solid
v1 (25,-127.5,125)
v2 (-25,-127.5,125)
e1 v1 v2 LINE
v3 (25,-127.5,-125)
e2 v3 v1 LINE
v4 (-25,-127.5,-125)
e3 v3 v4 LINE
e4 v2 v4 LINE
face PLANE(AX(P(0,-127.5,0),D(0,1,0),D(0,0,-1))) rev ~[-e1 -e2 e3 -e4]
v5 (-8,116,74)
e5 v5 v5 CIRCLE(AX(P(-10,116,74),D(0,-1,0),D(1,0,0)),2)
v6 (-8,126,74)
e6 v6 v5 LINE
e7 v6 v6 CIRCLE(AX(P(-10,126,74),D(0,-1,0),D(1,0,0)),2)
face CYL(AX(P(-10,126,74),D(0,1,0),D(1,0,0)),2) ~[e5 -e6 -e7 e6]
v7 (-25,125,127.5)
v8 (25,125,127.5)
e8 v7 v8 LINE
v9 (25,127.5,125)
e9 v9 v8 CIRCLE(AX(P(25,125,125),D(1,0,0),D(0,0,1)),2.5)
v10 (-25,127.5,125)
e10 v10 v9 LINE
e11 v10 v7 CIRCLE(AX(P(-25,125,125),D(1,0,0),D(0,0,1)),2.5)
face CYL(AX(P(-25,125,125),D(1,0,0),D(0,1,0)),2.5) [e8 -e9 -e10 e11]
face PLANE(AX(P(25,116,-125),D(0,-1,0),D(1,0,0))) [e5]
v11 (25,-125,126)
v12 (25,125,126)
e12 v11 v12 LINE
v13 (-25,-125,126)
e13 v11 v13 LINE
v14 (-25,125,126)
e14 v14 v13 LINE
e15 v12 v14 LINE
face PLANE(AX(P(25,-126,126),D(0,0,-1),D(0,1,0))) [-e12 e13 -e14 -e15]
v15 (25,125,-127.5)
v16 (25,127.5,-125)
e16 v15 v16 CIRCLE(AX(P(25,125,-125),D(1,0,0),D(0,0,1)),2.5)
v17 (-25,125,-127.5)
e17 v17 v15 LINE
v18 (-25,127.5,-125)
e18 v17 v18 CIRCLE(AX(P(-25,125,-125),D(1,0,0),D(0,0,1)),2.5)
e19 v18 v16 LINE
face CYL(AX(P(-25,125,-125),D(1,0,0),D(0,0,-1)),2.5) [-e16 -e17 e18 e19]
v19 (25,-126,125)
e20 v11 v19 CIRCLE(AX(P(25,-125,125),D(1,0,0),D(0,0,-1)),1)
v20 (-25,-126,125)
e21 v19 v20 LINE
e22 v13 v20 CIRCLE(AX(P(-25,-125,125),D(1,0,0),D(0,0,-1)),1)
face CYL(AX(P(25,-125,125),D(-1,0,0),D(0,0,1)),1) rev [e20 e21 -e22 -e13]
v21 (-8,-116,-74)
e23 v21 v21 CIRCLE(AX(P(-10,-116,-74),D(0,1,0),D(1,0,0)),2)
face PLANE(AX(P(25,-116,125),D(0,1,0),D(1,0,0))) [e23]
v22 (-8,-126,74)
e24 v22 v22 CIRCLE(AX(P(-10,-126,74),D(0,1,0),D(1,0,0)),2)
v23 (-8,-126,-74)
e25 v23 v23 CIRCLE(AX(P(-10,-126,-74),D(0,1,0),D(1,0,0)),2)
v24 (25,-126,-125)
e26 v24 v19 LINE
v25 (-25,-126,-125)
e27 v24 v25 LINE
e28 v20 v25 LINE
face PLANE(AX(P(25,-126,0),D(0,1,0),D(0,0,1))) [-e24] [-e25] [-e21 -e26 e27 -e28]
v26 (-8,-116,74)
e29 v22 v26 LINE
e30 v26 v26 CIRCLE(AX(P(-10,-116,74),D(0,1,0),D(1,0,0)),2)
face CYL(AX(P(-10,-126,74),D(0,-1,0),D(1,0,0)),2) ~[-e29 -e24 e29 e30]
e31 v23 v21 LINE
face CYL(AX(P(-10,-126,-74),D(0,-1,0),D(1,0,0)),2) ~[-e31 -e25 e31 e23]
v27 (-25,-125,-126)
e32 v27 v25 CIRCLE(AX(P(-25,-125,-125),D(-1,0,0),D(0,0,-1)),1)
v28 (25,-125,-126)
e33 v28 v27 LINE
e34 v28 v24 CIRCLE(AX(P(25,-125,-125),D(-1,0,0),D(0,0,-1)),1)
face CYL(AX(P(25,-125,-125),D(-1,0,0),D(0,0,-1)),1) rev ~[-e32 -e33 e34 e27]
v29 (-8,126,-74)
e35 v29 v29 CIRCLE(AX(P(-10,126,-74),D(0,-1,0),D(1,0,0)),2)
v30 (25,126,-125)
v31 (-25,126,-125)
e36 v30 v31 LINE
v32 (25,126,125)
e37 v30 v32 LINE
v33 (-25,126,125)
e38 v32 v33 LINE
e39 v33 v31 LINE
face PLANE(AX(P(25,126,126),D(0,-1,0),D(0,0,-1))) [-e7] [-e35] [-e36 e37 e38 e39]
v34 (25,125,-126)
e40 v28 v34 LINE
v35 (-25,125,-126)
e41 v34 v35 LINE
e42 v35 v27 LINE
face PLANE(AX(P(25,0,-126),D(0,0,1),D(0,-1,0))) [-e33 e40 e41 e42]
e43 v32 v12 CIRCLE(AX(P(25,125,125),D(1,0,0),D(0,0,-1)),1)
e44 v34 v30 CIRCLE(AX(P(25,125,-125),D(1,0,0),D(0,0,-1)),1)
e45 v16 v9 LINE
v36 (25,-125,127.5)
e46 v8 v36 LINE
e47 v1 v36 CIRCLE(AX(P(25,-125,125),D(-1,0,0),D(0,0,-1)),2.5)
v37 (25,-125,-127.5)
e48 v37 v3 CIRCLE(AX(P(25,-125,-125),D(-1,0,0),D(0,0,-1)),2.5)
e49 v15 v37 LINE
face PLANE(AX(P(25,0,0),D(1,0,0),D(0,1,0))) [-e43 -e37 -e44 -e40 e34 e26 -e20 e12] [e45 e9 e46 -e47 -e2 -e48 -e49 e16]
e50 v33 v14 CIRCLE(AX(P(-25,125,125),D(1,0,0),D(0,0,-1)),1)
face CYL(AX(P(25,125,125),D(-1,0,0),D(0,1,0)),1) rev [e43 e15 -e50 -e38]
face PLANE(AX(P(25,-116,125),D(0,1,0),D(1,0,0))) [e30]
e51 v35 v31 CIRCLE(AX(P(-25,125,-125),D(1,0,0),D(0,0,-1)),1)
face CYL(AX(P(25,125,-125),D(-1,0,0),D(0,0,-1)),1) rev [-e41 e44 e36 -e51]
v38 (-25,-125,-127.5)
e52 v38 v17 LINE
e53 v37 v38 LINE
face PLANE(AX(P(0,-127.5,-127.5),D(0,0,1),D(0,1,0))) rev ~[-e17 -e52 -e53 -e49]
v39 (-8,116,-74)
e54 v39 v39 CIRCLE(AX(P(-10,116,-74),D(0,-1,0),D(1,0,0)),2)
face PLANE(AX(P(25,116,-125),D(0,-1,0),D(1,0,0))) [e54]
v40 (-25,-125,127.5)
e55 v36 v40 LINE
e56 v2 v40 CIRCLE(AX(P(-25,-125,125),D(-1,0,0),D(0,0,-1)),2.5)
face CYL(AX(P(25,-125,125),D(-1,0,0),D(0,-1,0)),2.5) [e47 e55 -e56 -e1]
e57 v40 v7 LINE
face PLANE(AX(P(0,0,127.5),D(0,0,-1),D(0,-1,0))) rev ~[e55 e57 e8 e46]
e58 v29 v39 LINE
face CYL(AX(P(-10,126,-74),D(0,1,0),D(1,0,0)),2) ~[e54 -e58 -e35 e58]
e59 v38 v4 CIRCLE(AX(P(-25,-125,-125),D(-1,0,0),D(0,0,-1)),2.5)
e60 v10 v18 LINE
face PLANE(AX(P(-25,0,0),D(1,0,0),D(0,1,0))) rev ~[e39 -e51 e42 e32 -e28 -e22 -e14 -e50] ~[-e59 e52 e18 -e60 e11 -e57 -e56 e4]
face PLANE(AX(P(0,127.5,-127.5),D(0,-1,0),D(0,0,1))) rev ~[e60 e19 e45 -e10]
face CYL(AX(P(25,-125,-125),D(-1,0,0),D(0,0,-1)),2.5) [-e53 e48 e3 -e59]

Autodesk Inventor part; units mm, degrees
ref_plane "YZ Plane" through (0, 0, 0) normal (1, 0, 0) x (0, 1, 0)
ref_plane "XZ Plane" through (0, 0, 0) normal (0, 1, 0) x (-1, 0, 0)
ref_plane "XY Plane" through (0, 0, 0) normal (0, 0, 1) x (1, 0, 0)
sketch "Skizze1" plane through (0, 0, 0) normal (1, 0, 0) x (0, 1, 0)
  line L0 (0, -178.5) -> (0, 178.5) projected
  line L1 (-178.5, 0) -> (178.5, 0) projected
  line L2 (127.5, 127.5) -> (-127.5, 127.5)
  line L3 (-127.5, 127.5) -> (-127.5, -127.5)
  line L4 (-127.5, -127.5) -> (127.5, -127.5)
  line L5 (127.5, -127.5) -> (127.5, 127.5)
  point P0 (0, 0)
  dimension "d0" = 255
  dimension "d1" = 255
extrude "Extrusion1" add sketch "Skizze1" along normal mid plane 50
sketch "Skizze2" plane through (25, 0, 0) normal (1, 0, 0) x (0, 0, -1)
  line L0 (0, -178.5) -> (0, 178.5) projected
  line L1 (178.5, 0) -> (-178.5, 0) projected
  line L2 (-126, 126) -> (126, 126)
  line L3 (126, 126) -> (126, -126)
  line L4 (126, -126) -> (-126, -126)
  line L5 (-126, -126) -> (-126, 126)
  point P0 (0, 0)
  dimension "d4" = 252
  dimension "d5" = 252
extrude "Extrusion2" cut sketch "Skizze2" against normal blind 50
fillet "Rundung1" radius 2.5 4 edges at (0, 127.5, 127.5) (0, 127.5, -127.5) (0, -127.5, 127.5) (0, -127.5, -127.5)
fillet "Rundung2" radius 1 4 edges at (0, 126, 126) (0, 126, -126) (0, -126, -126) (0, -126, 126)
sketch "Skizze3" plane through (25, -126, 125) normal (0, 1, 0) x (1, 0, 0)
  circle A0 centre (-35, 51) radius 2
  circle A1 centre (-35, 199) radius 2
  line L0 (0, 0) -> (-50, 0) projected
  line L1 (-50, 0) -> (-50, 250) projected
  point P0 (-50, -1)
  dimension "d15" = 4
  dimension "d16" = 4
  dimension "d19" = 52
  dimension "d20" = 148
  dimension "d21" = 15
  dimension "d22" = 15
extrude "Extrusion3" add sketch "Skizze3" along normal blind 10
sketch "Skizze4" plane through (25, 126, -125) normal (0, -1, 0) x (1, 0, 0)
  circle A0 centre (-35, 51) radius 2
  circle A1 centre (-35, 199) radius 2
  line L0 (-50, 0) -> (-50, 250) projected
  point P0 (-25, 125)
  point P1 (-50, -1)
  dimension "d23" = 4
  dimension "d24" = 4
  dimension "d25" = 15
  dimension "d26" = 15
  dimension "d27" = 52
  dimension "d28" = 148
extrude "Extrusion4" add sketch "Skizze4" along normal blind 10
properties part number "Aussengehäuse" material "Stahl"
